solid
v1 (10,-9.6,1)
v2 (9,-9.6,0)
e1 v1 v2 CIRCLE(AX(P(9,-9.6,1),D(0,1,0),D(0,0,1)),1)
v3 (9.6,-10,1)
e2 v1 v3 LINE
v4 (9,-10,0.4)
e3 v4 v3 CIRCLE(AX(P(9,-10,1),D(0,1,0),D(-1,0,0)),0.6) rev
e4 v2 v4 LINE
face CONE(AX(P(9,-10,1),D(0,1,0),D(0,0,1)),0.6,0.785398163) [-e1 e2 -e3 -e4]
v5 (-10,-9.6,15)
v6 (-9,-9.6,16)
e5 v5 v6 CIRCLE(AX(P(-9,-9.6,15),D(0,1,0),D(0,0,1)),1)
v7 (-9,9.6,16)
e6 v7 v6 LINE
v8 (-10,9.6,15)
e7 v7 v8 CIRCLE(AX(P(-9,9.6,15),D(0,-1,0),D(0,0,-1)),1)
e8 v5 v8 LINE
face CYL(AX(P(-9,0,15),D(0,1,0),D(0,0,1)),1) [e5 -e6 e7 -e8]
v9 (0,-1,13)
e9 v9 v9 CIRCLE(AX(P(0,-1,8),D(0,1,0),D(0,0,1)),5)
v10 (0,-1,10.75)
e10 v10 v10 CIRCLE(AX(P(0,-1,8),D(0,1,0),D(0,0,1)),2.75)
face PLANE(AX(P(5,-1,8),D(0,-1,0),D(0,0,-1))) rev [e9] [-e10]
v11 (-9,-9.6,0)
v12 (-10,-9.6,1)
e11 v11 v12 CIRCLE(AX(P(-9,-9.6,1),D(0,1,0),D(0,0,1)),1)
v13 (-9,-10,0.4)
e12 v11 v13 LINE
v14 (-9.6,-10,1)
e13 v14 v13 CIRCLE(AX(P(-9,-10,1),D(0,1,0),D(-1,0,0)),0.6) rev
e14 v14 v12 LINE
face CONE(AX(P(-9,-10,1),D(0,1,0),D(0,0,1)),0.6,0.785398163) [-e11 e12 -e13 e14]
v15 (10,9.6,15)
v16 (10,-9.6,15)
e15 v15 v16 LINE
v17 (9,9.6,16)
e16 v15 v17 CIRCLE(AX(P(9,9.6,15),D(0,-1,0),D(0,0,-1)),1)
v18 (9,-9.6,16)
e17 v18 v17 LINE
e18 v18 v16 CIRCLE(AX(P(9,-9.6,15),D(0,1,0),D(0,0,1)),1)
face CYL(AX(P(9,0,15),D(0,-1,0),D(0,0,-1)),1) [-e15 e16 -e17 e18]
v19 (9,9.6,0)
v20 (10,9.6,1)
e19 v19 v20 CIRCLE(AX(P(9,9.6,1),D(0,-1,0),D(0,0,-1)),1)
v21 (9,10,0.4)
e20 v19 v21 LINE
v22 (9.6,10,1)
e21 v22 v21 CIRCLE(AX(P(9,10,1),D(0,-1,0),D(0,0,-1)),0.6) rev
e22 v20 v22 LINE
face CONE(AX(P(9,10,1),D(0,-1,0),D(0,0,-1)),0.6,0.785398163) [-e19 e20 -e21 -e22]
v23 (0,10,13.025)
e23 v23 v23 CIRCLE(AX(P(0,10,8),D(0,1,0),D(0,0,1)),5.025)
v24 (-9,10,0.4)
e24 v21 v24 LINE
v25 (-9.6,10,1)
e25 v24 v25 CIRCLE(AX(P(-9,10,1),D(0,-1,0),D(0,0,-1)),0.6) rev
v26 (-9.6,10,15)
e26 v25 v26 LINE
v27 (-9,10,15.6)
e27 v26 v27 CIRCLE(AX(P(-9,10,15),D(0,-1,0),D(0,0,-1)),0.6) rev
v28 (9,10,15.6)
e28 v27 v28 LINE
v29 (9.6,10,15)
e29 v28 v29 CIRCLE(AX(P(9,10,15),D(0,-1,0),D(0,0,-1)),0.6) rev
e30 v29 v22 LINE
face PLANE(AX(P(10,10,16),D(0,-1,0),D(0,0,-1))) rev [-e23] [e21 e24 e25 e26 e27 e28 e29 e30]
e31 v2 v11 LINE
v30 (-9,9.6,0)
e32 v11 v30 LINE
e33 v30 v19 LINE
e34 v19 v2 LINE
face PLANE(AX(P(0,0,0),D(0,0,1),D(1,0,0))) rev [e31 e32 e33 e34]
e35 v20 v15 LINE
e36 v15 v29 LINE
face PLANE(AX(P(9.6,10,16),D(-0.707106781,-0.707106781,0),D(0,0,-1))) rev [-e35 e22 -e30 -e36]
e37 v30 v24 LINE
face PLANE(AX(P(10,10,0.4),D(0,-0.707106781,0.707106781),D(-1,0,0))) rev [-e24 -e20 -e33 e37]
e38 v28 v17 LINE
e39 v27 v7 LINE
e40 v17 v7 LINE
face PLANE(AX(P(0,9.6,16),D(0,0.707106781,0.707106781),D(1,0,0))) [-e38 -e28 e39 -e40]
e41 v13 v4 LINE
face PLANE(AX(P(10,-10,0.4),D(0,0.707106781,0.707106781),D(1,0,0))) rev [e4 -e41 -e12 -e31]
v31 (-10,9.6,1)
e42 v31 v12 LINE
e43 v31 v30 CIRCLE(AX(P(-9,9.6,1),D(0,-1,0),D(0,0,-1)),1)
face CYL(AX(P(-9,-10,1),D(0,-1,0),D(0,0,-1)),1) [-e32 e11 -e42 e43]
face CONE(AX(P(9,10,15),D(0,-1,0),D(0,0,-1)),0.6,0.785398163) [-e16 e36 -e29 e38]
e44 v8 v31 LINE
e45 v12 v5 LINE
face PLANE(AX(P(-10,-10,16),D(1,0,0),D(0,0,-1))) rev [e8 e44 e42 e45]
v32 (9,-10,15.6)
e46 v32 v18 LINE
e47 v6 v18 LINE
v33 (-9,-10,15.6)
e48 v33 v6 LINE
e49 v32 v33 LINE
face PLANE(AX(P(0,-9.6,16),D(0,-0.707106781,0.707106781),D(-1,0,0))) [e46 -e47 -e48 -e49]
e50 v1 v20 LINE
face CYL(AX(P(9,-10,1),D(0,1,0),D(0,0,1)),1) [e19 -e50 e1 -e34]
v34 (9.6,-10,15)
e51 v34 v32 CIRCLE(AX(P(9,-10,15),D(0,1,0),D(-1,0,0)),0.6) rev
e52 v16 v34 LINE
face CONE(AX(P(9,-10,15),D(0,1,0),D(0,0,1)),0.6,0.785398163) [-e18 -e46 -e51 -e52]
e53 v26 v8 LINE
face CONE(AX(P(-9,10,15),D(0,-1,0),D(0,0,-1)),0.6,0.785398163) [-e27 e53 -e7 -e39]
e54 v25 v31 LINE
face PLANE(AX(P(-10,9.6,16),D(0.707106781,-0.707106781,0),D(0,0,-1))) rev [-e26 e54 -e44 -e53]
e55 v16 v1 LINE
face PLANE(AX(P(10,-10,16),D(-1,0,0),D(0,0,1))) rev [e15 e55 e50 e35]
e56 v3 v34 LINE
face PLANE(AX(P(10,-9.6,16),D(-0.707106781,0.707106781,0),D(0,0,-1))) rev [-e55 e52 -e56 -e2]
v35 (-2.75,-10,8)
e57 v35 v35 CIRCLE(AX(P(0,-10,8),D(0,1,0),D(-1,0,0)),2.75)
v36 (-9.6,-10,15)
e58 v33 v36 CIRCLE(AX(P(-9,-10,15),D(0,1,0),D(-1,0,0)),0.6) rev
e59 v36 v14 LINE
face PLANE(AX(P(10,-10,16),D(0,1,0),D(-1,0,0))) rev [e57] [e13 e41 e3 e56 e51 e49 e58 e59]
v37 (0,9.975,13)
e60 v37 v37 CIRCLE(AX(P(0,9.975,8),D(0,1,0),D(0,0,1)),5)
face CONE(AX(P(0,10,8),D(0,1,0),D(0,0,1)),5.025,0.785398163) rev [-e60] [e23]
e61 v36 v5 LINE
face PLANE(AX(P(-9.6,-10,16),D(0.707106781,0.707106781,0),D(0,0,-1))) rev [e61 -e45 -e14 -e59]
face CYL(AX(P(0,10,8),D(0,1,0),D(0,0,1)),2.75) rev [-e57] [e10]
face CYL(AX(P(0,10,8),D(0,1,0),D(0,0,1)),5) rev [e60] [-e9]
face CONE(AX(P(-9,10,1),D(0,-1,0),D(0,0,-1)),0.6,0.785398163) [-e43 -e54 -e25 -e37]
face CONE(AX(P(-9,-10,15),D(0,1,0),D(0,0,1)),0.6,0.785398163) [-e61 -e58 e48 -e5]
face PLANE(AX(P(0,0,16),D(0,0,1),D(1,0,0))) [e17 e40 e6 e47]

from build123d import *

# Parameters (mm, degrees)
SKETCH1_W           = 20
SKETCH1_H           = 20
BOSS_EXTRUDE1_DEPTH = 16
FILLET1_R           = 1
CHAMFER1_SIZE       = 0.4


with BuildPart() as part:
    # Sketch1 → Boss-Extrude1 (new body)
    with BuildSketch(Plane.XY):
        Rectangle(SKETCH1_W, SKETCH1_H)
    extrude(amount=BOSS_EXTRUDE1_DEPTH)

    # Sketch4 → CBORE for M5 Hex Socket Head Cap Screw1 (revolve, cut)
    with BuildSketch(Plane(origin=(0, 10, 8), x_dir=(0, 0, 1), z_dir=(1, 0, 0))):
        Polygon((0, 0), (0, 20), (2.75, 20), (2.75, 11), (5, 11), (5, 0.025), (5.025, 0), align=None)
    revolve(axis=Axis((0, 16.35, 8), (0, -1, 0)), mode=Mode.SUBTRACT)

    # Fillet1
    fillet1_edges = [part.edges().sort_by_distance(p)[0] for p in [
        (10, 0, 16),
        (-10, 0, 16),
        (10, 0, 0),
        (-10, 0, 0),
    ]]
    fillet(fillet1_edges, radius=FILLET1_R)

    # Chamfer1
    chamfer1_edges = [part.edges().sort_by_distance(p)[0] for p in [
        (10, 10, 8),
        (10, -10, 8),
        (0, 10, 0),
        (-10, 10, 8),
        (0, 10, 16),
        (-9.707106781, 10, 15.707106781),
        (-9.707106781, 10, 0.292893219),
        (9.707106781, 10, 15.707106781),
        (9.707106781, 10, 0.292893219),
        (0, -10, 0),
        (0, -10, 16),
        (-10, -10, 8),
        (-9.707106781, -10, 15.707106781),
        (-9.707106781, -10, 0.292893219),
        (9.707106781, -10, 15.707106781),
        (9.707106781, -10, 0.292893219),
    ]]
    chamfer(chamfer1_edges, length=CHAMFER1_SIZE)


solid = part.part
